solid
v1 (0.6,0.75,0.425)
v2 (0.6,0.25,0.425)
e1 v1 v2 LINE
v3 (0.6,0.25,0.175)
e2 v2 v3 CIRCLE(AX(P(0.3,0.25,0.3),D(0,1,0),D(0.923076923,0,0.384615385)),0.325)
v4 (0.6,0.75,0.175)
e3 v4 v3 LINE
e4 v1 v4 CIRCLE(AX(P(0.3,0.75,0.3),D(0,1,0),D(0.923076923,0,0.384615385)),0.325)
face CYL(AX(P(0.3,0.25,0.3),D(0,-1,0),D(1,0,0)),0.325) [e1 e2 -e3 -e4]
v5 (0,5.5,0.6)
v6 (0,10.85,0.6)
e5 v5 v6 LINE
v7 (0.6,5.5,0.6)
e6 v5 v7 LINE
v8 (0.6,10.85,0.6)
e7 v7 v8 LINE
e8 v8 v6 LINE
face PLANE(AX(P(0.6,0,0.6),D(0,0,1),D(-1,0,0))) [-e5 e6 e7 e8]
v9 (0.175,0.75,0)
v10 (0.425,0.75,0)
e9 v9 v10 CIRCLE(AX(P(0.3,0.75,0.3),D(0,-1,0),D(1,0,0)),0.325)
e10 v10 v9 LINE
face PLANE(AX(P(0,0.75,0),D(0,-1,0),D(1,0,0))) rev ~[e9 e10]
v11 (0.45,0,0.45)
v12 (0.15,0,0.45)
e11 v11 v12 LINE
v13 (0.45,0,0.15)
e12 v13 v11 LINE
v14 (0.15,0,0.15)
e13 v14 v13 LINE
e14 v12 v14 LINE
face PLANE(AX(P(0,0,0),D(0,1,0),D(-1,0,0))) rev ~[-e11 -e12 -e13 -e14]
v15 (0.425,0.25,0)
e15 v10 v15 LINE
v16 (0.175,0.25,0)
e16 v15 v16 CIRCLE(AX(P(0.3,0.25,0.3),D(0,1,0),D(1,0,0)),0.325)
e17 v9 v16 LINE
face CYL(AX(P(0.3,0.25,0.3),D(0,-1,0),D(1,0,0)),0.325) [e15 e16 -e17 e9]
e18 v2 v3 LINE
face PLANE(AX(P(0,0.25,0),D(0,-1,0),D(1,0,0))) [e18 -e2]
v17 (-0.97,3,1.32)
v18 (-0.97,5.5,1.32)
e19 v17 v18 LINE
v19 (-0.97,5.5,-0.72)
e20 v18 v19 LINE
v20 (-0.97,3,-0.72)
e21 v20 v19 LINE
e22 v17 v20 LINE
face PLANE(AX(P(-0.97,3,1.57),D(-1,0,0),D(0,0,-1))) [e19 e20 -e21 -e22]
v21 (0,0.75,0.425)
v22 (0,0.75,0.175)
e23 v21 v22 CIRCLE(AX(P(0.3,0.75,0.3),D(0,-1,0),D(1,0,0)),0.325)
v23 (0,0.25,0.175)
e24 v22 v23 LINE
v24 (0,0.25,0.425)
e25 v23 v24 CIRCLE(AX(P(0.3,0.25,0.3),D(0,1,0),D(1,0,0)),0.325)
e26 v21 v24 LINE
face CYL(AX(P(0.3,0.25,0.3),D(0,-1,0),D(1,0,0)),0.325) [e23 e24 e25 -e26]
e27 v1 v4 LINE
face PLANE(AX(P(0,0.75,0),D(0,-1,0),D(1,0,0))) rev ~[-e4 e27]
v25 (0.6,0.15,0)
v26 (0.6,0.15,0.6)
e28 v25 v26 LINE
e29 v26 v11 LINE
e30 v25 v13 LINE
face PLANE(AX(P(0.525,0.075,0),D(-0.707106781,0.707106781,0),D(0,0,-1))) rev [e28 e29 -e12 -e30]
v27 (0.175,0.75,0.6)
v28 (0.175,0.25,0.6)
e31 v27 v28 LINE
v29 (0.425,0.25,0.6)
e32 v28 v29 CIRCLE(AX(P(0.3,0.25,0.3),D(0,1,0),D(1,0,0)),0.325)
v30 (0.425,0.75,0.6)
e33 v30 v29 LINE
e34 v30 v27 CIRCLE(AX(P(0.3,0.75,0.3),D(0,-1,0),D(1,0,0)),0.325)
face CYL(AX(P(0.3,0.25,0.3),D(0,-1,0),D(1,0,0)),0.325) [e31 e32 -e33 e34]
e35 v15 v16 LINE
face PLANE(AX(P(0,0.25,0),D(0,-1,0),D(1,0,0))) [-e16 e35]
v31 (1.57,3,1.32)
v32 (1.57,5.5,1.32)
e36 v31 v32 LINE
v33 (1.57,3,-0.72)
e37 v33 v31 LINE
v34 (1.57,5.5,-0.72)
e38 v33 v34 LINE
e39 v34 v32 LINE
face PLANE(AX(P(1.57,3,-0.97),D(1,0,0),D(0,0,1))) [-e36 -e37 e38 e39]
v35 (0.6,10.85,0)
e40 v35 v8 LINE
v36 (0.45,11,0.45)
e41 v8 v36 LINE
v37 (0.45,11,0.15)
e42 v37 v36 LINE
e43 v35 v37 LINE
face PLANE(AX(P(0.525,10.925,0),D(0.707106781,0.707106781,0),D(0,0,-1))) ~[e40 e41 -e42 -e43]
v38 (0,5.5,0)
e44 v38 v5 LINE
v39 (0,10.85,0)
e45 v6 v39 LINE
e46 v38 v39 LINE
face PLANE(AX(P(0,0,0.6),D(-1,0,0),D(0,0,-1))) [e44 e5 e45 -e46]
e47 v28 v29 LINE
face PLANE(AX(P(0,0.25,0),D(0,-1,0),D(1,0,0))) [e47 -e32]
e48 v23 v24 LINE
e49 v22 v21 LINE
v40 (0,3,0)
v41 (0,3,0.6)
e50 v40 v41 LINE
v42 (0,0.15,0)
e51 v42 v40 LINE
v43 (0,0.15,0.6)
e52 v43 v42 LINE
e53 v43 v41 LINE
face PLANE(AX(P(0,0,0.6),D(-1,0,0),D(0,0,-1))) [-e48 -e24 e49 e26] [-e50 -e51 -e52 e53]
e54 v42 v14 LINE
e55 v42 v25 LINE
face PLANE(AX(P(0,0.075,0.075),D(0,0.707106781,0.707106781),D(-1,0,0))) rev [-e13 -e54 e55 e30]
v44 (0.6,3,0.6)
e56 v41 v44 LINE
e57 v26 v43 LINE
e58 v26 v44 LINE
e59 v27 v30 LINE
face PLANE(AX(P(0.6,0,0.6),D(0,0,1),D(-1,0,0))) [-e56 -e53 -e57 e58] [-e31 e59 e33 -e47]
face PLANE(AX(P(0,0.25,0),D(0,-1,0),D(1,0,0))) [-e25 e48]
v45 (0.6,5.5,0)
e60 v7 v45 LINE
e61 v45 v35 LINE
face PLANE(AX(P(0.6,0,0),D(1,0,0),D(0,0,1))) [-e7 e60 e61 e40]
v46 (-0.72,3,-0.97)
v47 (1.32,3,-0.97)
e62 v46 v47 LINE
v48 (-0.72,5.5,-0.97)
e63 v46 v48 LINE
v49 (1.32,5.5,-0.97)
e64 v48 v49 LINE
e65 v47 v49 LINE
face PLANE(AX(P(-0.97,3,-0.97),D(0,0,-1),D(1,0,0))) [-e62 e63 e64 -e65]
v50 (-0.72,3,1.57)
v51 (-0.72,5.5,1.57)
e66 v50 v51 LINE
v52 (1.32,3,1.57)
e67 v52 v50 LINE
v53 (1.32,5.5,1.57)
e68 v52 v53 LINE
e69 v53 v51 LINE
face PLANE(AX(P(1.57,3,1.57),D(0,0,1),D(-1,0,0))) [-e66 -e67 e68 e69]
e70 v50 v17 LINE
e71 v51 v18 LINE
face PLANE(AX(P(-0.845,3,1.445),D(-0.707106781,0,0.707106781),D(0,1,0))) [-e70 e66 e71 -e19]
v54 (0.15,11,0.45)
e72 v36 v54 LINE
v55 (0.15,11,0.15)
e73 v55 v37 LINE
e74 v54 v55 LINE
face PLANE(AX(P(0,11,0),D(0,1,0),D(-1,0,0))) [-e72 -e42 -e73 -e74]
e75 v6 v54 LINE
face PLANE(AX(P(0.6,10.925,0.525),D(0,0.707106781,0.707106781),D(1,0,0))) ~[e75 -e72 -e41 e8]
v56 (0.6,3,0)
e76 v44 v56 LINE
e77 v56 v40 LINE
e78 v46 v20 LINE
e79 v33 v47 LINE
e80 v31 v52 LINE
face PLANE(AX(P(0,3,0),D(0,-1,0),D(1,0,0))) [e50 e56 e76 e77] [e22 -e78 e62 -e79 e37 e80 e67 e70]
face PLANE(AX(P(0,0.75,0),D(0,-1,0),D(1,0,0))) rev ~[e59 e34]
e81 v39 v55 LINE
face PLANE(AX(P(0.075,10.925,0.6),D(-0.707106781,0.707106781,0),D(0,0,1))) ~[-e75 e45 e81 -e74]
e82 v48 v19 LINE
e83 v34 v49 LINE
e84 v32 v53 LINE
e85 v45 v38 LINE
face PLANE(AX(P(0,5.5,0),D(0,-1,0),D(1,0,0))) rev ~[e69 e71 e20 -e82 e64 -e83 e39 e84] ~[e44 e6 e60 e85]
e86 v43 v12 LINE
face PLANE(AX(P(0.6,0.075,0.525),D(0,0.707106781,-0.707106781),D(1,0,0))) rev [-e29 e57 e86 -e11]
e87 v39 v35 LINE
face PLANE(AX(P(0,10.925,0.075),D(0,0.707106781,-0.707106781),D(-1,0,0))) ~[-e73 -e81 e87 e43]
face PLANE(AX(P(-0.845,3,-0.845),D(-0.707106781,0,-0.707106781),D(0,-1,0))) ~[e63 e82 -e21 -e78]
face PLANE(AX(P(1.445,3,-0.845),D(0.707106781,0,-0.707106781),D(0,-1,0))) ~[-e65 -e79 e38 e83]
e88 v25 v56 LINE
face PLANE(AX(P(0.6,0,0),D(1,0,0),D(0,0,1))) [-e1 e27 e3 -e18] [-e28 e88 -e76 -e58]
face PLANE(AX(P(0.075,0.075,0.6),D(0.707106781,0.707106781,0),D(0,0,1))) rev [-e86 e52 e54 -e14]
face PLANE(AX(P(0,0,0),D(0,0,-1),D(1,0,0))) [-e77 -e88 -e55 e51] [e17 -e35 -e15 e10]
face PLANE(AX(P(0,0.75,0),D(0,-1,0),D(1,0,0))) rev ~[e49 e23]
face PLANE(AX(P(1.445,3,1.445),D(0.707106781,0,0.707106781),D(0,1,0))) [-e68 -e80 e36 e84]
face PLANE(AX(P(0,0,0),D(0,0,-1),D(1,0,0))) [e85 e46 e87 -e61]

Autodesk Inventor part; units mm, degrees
ref_plane "YZ Plane" through (0, 0, 0) normal (1, 0, 0) x (0, 1, 0)
sketch "Skizze2" plane through (0, 0, 0) normal (0, 1, 0) x (-1, 0, 0)
  line L0 (0, 0) -> (-0.6, 0)
  line L1 (-0.6, 0) -> (-0.6, 0.6)
  line L2 (-0.6, 0.6) -> (0, 0.6)
  line L3 (0, 0.6) -> (0, 0)
  dimension "d0" = 0.6
  dimension "d1" = 0.6
extrude "Extrusion1" add sketch "Skizze2" along normal blind 11
ref_plane "Arbeitsebene1" through (0, 3, 0) normal (0, -1, 0) x (1, 0, 0)
sketch "Skizze3" plane through (0, 3, 0) normal (0, -1, 0) x (1, 0, 0)
  line L0 (1.57, 1.57) -> (-0.97, 1.57)
  line L1 (-0.97, 1.57) -> (-0.97, -0.97)
  line L2 (-0.97, -0.97) -> (1.57, -0.97)
  line L3 (1.57, -0.97) -> (1.57, 1.57)
  line L4 (0.6, 0) -> (0.6, 0.6) projected
  line L5 (0, 0.6) -> (0.6, 0.6) projected
  point P0 (0, 0)
  dimension "d5" = 2.54
  dimension "d6" = 2.54
  dimension "d7" = 0.97
  dimension "d8" = 0.97
extrude "Extrusion2" add sketch "Skizze3" against normal blind 2.5
chamfer "Fase1" distance 0.25 angle 45 4 edges at (-0.97, 4.25, -0.97) (1.57, 4.25, -0.97) (1.57, 4.25, 1.57) (-0.97, 4.25, 1.57)
chamfer "Fase2" distance 0.15 angle 45 4 edges at (0.6, 0, 0.3) (0.3, 0, 0) (0, 0, 0.3) (0.3, 0, 0.6)
chamfer "Fase3" distance 0.15 angle 45 4 edges at (0.6, 11, 0.3) (0.3, 11, 0) (0, 11, 0.3) (0.3, 11, 0.6)
ref_plane "Arbeitsebene2" through (0, 0.25, 0) normal (0, -1, 0) x (1, 0, 0)
sketch "Skizze6" plane through (0, 0.25, 0) normal (0, -1, 0) x (1, 0, 0)
  circle A0 centre (0.3, 0.3) radius 0.325
  line L0 (0, 0) -> (0.6, 0) projected
  line L1 (0.6, 0) -> (0.6, 0.6) projected
  dimension "d26" = 0.65
  dimension "d27" = 0.3
  dimension "d28" = 0.3
extrude "Extrusion4" add sketch "Skizze6" against normal blind 0.5 contours A0 L1 | L1 A0 L0 | L0 A0 picked at (0.4269, 0.2422)
properties part number "Pin"
